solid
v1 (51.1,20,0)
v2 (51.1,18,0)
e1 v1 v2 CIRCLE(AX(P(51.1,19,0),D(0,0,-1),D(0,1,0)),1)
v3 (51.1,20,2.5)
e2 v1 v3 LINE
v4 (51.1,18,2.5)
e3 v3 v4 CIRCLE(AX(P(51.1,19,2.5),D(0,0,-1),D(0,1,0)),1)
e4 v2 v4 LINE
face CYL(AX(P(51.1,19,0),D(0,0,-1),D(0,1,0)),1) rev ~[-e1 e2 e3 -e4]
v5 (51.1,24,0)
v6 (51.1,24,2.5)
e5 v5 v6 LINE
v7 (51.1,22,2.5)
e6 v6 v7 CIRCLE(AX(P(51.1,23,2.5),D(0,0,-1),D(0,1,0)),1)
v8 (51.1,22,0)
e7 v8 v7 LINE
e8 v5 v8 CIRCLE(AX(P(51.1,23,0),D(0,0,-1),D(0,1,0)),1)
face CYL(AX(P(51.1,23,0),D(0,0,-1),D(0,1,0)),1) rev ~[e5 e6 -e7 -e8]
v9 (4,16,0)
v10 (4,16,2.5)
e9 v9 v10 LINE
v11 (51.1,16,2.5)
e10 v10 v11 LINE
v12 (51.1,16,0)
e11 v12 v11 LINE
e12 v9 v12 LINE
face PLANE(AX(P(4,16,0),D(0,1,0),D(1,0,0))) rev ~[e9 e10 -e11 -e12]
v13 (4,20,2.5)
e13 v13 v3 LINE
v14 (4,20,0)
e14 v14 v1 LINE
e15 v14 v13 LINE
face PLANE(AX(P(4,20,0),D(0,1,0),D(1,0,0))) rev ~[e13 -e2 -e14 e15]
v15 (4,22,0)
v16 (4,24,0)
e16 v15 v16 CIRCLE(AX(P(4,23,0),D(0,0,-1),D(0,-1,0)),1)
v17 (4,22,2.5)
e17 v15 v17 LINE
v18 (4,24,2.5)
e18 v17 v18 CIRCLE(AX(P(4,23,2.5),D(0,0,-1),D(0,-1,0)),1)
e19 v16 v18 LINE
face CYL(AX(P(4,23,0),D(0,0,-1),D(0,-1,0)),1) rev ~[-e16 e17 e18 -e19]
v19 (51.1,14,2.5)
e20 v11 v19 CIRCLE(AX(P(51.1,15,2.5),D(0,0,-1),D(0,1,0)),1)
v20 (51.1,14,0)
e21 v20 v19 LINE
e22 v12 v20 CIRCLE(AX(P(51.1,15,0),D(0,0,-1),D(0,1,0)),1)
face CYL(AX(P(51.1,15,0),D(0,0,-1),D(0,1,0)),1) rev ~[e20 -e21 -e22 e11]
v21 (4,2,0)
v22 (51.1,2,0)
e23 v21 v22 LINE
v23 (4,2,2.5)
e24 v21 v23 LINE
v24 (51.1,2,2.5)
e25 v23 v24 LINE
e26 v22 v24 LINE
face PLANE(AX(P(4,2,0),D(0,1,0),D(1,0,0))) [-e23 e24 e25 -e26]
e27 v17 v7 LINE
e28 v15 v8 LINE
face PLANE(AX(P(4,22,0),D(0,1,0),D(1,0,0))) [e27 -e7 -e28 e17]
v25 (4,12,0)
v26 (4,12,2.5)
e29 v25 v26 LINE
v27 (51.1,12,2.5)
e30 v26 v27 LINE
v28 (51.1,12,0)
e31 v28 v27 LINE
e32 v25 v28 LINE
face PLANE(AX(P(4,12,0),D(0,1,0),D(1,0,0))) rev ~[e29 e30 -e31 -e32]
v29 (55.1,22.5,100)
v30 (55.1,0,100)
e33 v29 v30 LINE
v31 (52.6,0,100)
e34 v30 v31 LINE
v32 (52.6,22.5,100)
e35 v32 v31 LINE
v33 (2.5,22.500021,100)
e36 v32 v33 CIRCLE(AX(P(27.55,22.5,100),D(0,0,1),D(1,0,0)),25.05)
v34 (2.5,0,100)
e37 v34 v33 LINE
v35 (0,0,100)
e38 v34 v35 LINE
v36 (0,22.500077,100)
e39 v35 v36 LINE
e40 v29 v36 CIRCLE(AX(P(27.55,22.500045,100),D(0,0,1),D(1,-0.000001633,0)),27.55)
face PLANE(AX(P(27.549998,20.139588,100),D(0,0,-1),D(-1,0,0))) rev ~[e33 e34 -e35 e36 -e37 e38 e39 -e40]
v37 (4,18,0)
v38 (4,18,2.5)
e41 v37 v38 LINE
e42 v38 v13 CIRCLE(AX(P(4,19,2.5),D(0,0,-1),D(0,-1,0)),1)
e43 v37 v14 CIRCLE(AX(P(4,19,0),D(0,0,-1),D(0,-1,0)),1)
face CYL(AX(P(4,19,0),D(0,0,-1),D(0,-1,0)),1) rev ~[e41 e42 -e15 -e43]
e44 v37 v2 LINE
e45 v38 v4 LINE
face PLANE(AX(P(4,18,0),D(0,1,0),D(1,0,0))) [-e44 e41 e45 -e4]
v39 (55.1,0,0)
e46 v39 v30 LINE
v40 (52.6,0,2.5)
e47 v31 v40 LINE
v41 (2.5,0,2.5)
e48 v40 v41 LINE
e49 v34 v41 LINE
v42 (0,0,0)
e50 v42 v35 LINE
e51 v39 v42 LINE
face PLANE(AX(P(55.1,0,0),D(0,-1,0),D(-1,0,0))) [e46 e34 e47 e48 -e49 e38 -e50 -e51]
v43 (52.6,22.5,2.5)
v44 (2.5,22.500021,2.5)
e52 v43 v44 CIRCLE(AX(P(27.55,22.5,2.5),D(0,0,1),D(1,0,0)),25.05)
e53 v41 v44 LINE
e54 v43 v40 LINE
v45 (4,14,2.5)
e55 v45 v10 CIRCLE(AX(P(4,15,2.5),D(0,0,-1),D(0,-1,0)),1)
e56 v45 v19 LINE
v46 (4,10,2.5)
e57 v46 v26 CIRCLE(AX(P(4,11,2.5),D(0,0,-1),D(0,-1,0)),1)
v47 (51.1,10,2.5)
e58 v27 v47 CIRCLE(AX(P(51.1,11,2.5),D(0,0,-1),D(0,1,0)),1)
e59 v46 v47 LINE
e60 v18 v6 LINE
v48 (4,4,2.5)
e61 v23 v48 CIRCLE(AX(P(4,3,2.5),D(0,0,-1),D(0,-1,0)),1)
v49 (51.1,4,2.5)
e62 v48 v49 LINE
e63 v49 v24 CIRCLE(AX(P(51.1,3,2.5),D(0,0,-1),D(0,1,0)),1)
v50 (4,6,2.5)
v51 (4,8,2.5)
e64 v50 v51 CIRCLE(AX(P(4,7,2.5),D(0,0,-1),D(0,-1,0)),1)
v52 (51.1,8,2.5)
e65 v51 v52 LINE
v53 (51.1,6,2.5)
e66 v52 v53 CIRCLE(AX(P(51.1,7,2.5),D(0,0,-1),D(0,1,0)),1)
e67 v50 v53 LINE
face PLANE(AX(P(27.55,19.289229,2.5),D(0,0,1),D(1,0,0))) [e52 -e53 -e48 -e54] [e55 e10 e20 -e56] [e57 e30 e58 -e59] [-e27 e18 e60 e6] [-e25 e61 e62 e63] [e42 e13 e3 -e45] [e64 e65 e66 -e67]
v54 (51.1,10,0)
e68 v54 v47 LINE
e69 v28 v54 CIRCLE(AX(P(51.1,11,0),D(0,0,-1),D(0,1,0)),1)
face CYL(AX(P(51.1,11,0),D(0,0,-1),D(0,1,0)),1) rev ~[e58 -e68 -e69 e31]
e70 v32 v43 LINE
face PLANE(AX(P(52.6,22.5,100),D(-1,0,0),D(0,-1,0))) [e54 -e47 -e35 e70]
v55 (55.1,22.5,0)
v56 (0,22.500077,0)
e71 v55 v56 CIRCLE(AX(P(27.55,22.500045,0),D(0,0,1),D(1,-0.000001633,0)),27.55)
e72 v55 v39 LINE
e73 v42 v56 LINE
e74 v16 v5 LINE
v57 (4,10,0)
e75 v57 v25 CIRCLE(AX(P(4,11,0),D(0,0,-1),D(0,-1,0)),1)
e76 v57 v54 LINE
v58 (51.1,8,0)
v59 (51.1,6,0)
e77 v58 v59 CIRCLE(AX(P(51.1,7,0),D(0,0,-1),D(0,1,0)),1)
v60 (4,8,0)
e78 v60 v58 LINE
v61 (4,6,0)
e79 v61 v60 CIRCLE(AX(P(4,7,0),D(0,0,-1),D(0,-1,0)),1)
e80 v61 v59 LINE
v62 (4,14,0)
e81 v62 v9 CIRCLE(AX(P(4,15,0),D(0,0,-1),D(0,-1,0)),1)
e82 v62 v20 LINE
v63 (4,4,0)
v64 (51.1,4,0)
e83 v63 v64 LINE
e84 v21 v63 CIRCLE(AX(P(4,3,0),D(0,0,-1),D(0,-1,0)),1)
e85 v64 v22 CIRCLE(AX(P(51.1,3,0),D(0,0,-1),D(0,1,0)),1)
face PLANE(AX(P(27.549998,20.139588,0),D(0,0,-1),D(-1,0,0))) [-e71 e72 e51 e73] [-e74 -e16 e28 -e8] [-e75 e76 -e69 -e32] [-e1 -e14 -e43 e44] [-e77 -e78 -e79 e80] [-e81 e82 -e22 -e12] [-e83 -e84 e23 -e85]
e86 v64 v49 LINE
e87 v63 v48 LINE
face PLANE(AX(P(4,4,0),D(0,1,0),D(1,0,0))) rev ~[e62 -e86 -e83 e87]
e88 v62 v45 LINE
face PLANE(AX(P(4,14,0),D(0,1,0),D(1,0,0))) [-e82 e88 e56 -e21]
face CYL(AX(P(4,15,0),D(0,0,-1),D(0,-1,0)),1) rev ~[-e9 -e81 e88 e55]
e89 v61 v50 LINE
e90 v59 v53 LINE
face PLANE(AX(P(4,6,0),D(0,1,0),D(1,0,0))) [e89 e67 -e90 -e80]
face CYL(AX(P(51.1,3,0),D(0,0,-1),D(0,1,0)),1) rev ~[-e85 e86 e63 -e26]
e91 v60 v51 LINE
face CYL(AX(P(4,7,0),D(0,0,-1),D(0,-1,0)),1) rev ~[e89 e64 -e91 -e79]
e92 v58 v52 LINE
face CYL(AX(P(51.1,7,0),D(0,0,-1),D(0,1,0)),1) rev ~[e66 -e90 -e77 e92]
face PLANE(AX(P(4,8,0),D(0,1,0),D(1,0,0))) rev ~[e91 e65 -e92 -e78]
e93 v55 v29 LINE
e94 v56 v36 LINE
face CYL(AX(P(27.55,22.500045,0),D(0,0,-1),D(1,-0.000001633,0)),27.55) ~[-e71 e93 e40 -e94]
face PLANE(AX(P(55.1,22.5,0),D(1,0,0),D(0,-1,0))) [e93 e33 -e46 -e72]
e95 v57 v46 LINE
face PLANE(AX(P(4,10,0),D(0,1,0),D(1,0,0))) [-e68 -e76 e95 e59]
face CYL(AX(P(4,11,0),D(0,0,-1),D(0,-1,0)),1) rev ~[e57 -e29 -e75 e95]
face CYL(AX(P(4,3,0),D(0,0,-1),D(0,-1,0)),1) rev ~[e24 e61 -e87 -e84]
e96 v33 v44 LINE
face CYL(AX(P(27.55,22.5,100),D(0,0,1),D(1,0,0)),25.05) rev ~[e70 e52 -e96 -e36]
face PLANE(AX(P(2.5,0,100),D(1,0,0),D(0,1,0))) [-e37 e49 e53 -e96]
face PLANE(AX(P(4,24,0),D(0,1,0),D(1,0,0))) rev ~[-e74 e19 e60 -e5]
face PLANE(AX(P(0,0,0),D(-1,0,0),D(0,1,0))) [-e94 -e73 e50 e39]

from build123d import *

# Parameters (mm, degrees)
PAD_DEPTH           = 100
POCKET_DEPTH        = 97.5
POCKET001_DEPTH     = 2.5
LINEARPATTERN_COUNT = 6
LINEARPATTERN_PITCH = 4


with BuildPart() as part:
    # Sketch → Pad (new body)
    with BuildSketch(Plane.XY):
        with BuildLine():
            Line((55.1, 22.5), (55.1, 0))
            Line((55.1, 0), (0, 0))
            Line((0, 0), (0, 22.500077))
            ThreePointArc((55.1, 22.5), (27.550038, 50.050045), (0, 22.500077))
        make_face()
    extrude(amount=PAD_DEPTH)

    # Sketch001 (on Face6 of Pad) → Pocket (cut)
    with BuildSketch(Plane.XY.offset(100)):
        with BuildLine():
            ThreePointArc((52.6, 22.5), (27.550011, 47.55), (2.5, 22.500021))
            Line((2.5, 0), (2.5, 22.500021))
            Line((52.6, 0), (2.5, 0))
            Line((52.6, 22.5), (52.6, 0))
        make_face()
    extrude(amount=-POCKET_DEPTH, mode=Mode.SUBTRACT)

    # Sketch002 (on Face4 of Pocket) → Pocket001 (cut)
    with BuildSketch(Plane(origin=(0, 0, 0), x_dir=(1, 0, 0), z_dir=(0, 0, -1))):
        with BuildLine():
            ThreePointArc((4, -2), (3, -3), (4, -4))
            Line((4, -4), (51.1, -4))
            ThreePointArc((51.1, -4), (52.1, -3), (51.1, -2))
            Line((4, -2), (51.1, -2))
        make_face()
    pocket001 = extrude(amount=-POCKET001_DEPTH, mode=Mode.SUBTRACT)

    # LinearPattern: Pocket001 ×6
    with Locations(*[(0, i * LINEARPATTERN_PITCH, 0) for i in range(1, LINEARPATTERN_COUNT)]):
        add(pocket001, mode=Mode.SUBTRACT)


solid = part.part
